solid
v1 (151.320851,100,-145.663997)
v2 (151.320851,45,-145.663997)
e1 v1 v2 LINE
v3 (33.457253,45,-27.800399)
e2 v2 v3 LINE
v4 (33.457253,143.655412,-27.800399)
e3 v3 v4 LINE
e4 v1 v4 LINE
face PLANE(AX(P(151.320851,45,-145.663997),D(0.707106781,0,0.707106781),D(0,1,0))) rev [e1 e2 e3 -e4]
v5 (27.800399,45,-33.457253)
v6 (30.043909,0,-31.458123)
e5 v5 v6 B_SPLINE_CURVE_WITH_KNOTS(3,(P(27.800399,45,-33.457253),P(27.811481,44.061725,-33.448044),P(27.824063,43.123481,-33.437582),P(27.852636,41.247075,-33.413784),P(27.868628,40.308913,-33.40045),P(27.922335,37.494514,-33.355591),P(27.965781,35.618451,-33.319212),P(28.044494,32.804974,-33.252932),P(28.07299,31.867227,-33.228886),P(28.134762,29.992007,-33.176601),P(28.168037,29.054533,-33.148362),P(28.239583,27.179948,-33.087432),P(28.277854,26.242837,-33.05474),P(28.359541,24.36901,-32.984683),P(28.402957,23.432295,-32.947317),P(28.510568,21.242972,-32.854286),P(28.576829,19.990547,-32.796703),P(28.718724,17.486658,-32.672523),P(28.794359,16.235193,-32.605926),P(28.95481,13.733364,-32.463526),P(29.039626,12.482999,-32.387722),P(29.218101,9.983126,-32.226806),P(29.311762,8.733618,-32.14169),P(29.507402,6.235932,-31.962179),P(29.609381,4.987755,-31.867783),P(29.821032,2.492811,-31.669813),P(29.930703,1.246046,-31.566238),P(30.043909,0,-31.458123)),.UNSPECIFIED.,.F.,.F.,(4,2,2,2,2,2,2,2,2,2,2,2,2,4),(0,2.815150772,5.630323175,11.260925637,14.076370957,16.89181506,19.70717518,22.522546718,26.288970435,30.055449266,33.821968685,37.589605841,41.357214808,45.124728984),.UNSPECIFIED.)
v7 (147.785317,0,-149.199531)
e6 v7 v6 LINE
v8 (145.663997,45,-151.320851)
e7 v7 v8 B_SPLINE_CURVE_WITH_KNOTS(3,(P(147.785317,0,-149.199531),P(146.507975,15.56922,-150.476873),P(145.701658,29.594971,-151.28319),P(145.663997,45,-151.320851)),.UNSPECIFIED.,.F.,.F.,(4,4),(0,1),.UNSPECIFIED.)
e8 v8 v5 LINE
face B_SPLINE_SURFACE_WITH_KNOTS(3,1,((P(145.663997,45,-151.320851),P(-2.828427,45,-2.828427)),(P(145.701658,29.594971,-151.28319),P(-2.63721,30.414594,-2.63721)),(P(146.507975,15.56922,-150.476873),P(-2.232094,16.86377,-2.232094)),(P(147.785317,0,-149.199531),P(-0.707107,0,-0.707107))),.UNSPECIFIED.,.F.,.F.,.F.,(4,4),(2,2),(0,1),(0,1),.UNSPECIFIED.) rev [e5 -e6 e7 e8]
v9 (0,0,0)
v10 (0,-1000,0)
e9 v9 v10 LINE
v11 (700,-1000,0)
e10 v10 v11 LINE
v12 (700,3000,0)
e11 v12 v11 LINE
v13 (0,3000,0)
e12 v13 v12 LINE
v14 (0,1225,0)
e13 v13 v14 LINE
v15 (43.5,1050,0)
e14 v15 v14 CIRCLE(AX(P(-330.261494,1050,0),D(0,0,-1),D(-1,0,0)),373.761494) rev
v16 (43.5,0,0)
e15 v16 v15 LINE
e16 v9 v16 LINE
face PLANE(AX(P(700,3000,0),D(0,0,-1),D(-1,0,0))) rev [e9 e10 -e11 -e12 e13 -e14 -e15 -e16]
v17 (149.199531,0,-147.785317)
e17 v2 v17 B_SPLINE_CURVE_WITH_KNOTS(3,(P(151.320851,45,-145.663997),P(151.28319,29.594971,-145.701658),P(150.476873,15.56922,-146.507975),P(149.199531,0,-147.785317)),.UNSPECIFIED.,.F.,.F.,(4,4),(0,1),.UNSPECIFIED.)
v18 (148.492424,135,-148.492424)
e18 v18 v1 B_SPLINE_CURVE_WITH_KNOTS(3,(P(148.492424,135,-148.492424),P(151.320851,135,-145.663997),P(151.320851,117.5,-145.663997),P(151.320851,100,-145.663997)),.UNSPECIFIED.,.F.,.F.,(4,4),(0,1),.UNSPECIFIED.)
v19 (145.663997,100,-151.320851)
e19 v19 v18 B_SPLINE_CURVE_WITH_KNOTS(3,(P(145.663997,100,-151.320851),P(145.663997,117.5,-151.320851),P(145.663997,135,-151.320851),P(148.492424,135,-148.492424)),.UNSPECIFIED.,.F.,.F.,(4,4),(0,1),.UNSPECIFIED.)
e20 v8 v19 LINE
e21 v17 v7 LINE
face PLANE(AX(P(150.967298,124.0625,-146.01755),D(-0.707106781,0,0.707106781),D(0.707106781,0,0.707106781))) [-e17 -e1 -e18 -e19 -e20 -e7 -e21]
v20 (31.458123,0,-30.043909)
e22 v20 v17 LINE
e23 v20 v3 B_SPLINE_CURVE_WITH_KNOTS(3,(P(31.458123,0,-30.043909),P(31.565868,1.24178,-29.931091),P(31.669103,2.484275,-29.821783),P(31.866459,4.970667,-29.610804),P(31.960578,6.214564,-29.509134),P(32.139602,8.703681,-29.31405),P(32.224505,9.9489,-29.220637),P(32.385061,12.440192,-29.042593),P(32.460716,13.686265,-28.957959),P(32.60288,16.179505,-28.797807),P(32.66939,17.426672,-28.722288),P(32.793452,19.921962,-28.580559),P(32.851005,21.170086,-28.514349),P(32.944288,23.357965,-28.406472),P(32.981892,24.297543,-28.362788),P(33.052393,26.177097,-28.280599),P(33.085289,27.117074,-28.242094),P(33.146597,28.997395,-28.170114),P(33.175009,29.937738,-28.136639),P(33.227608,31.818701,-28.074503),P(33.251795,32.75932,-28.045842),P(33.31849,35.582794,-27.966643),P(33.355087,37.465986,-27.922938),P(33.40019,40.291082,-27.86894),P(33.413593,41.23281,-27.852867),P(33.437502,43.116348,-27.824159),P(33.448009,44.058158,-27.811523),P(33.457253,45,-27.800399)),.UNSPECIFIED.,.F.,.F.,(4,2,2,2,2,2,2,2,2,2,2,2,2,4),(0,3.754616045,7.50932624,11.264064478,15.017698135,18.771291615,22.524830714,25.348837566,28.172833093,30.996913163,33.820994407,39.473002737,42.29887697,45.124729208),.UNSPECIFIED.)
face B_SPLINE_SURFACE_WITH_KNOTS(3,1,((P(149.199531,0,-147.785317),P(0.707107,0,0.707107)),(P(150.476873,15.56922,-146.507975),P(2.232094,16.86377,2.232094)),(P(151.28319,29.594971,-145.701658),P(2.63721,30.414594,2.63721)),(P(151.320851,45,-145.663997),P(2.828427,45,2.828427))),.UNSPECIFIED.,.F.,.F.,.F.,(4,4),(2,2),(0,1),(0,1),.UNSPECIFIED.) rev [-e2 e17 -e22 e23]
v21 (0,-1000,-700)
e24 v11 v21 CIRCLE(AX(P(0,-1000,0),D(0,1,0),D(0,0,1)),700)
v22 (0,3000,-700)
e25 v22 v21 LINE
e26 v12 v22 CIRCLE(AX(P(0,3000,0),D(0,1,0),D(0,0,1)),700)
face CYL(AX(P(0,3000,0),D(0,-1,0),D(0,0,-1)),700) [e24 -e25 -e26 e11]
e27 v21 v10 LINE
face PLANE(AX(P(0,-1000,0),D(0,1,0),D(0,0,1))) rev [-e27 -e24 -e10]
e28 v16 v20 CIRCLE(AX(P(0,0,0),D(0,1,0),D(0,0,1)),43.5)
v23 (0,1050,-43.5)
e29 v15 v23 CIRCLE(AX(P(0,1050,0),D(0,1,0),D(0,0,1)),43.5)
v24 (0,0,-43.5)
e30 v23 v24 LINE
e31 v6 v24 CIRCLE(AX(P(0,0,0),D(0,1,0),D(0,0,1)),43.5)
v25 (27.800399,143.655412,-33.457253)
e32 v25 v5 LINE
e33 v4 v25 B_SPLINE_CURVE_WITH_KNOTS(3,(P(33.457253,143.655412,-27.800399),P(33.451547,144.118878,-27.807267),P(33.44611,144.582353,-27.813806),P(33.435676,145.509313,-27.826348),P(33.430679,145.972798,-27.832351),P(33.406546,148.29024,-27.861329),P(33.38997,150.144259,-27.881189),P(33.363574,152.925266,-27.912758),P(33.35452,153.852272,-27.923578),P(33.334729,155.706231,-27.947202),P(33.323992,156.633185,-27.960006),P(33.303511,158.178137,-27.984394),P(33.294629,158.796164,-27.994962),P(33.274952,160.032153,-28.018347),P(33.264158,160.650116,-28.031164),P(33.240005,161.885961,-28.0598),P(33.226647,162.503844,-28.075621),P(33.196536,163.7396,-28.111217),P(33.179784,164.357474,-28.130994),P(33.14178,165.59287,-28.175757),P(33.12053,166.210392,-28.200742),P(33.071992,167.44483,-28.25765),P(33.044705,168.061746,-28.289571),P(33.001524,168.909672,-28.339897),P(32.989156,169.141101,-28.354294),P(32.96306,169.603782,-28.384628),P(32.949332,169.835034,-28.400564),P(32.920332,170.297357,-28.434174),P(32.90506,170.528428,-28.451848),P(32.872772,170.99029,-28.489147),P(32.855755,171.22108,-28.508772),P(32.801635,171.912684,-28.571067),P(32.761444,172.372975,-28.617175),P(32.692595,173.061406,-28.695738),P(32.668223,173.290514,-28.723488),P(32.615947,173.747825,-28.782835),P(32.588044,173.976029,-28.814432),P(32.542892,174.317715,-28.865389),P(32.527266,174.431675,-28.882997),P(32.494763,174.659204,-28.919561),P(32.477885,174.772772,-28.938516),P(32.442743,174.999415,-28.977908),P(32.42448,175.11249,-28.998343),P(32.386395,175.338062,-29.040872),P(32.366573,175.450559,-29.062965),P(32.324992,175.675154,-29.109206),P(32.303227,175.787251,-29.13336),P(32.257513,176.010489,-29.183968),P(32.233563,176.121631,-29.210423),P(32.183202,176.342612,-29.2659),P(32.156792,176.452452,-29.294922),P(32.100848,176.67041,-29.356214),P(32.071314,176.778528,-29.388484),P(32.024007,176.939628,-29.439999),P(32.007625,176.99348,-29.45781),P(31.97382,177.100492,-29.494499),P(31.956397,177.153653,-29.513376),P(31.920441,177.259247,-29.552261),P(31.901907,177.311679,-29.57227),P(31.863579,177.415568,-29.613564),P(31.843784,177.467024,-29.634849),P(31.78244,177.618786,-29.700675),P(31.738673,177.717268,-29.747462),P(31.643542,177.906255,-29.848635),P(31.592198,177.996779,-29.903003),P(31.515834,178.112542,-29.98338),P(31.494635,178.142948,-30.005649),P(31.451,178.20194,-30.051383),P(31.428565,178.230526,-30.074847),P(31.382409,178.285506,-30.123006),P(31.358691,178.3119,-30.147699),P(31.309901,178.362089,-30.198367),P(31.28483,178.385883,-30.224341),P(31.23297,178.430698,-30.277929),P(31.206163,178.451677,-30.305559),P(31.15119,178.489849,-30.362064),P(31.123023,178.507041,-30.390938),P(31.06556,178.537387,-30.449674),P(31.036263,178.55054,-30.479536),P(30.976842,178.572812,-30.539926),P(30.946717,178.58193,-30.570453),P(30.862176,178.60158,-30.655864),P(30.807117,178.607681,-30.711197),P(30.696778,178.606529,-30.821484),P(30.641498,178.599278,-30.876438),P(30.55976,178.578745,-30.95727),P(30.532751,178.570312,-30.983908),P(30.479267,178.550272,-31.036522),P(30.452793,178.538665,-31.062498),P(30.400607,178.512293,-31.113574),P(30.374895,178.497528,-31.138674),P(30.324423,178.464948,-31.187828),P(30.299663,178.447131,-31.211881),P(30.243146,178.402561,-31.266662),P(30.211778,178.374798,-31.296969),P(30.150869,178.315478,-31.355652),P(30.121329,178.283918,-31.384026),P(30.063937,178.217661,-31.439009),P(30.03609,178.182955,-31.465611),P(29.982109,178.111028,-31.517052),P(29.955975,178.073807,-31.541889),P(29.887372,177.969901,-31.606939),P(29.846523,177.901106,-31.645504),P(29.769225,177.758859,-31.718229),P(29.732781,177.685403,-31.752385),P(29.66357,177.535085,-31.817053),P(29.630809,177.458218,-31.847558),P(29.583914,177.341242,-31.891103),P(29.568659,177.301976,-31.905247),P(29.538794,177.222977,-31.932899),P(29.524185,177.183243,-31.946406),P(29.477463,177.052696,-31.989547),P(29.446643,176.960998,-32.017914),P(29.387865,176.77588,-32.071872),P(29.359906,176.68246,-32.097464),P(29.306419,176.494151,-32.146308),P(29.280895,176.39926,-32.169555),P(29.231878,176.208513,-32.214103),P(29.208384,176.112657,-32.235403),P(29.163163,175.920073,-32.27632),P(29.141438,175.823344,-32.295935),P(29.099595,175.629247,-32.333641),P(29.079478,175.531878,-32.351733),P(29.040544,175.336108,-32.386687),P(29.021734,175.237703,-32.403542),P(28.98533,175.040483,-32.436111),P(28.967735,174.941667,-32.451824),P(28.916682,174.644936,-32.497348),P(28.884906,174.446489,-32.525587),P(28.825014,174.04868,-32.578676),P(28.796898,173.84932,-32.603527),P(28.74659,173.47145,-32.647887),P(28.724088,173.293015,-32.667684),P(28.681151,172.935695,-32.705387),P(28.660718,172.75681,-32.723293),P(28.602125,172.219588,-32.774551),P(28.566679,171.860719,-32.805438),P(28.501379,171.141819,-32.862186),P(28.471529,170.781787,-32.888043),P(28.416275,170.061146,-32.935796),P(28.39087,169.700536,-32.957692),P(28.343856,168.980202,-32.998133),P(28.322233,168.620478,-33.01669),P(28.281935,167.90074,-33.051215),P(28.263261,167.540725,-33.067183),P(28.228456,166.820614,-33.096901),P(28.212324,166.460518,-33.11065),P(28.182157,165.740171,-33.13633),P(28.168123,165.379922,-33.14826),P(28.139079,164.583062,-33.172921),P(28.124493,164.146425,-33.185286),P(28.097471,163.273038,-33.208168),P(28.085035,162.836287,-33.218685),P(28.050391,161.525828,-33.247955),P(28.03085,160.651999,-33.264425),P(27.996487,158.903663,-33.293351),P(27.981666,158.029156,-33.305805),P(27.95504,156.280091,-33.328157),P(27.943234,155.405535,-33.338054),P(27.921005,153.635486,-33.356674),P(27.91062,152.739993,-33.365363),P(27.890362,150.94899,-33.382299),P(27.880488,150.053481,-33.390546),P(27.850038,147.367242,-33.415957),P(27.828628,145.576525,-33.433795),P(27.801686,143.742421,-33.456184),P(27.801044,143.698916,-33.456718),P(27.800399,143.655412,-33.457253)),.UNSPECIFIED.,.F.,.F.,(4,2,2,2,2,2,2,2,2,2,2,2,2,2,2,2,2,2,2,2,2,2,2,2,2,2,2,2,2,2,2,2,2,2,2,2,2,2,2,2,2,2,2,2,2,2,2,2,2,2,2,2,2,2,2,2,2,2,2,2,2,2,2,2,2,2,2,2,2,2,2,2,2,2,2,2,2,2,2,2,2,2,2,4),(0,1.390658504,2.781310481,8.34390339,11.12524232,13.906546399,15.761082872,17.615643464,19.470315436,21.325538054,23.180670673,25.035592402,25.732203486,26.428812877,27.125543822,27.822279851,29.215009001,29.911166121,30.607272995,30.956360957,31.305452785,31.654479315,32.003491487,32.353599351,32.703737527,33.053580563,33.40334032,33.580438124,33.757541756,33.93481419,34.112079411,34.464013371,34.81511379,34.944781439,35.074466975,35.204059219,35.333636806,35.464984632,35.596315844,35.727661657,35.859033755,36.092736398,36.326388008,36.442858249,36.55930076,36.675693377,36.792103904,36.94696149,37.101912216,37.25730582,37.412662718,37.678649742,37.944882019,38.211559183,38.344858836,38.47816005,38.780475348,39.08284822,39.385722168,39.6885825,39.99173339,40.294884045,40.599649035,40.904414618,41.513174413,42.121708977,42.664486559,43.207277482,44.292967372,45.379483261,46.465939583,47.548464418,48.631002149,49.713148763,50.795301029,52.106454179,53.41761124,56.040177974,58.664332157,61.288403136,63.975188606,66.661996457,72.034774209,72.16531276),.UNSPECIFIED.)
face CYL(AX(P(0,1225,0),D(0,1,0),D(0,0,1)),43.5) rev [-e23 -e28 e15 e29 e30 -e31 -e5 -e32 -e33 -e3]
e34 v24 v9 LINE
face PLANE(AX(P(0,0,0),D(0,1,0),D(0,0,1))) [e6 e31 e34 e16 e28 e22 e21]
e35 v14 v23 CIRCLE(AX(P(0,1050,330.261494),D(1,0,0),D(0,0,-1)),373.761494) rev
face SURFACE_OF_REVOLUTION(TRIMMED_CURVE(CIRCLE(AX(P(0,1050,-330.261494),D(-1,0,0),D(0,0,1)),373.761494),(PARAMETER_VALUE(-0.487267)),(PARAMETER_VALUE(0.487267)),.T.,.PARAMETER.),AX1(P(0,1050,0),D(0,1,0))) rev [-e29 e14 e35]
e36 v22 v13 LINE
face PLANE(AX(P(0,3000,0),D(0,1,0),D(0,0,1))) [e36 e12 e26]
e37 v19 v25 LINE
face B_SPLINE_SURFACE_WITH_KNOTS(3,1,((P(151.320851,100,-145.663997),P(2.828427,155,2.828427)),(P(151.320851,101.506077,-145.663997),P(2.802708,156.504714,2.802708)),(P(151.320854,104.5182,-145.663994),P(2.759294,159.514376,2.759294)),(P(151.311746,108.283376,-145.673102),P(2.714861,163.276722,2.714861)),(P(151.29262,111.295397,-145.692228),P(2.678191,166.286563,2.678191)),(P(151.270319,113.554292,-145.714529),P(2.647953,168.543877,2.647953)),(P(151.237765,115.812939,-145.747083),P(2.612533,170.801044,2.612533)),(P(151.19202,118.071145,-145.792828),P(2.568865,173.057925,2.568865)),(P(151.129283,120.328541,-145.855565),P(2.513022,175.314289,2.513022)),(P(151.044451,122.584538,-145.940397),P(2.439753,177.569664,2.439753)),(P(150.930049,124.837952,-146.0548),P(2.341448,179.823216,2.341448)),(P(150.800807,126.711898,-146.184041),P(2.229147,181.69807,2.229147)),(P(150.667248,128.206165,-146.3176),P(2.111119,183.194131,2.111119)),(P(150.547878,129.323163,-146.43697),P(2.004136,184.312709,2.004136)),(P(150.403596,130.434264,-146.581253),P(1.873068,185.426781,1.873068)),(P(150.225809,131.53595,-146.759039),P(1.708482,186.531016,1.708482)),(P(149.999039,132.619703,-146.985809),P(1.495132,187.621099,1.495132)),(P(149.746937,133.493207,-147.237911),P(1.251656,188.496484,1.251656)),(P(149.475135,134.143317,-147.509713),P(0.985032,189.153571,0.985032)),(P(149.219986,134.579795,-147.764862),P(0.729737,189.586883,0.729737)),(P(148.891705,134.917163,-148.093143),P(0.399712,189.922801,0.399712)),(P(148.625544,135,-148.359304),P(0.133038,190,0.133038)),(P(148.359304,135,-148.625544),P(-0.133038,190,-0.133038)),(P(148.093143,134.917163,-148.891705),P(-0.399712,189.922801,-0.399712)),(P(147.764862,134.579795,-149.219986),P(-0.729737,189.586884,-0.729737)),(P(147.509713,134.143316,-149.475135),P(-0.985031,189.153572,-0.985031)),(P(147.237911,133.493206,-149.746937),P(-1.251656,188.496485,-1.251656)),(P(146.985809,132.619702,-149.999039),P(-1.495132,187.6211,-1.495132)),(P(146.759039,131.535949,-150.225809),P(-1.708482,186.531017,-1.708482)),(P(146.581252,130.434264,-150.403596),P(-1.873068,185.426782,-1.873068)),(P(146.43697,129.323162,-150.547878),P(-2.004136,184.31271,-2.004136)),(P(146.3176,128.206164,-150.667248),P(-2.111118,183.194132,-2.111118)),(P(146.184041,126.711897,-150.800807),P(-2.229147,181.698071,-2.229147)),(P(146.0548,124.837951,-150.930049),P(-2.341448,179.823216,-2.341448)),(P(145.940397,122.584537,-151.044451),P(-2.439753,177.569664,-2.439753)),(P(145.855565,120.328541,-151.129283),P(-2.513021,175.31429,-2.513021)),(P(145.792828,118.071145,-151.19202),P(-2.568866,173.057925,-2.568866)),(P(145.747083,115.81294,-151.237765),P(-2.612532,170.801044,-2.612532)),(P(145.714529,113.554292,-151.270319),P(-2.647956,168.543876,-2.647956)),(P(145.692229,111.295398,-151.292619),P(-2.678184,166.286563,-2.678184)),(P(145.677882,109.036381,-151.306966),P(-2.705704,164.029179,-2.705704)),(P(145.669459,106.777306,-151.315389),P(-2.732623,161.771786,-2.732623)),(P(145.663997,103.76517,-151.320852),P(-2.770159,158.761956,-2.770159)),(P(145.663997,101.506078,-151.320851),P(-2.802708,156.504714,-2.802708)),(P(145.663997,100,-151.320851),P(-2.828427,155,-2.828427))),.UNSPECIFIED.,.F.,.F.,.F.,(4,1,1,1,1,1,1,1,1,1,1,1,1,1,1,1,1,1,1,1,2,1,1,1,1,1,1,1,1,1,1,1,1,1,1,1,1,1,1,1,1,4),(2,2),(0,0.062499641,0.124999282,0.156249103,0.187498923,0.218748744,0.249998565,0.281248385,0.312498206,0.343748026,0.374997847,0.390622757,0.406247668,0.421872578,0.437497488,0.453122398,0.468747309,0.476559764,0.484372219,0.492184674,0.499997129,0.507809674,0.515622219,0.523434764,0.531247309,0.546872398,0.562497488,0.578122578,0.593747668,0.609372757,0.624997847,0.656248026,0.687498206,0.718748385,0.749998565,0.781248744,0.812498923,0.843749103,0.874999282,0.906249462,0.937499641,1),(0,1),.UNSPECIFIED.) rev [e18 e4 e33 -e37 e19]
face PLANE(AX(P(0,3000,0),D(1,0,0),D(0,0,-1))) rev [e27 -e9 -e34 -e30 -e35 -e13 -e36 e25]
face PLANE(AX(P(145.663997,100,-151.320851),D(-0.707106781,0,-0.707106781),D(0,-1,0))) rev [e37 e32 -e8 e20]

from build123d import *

# Parameters (mm, degrees)
INLET_SECTION_DEPTH  = 3000
OUTLET_START         = -1000
OUTLET_SECTION_DEPTH = 1000


with BuildPart() as part:
    # Sketch1 → Inlet Section (new body)
    with BuildSketch(Plane(origin=(0, 0, 0), x_dir=(1, 0, 0), z_dir=(0, 1, 0))):
        with BuildLine():
            Line((700, 0), (0, 0))
            Line((0, 0), (0, 700))
            ThreePointArc((0, 700), (494.974746831, 494.974746831), (700, 0))
        make_face()
    extrude(amount=INLET_SECTION_DEPTH)

    # Sketch1<2> → Outlet Section (add)
    with BuildSketch(Plane(origin=(0, 0, 0), x_dir=(1, 0, 0), z_dir=(0, 1, 0)).offset(OUTLET_START)):
        with BuildLine():
            Line((700, 0), (0, 0))
            Line((0, 0), (0, 700))
            ThreePointArc((0, 700), (494.974746831, 494.974746831), (700, 0))
        make_face()
    extrude(amount=OUTLET_SECTION_DEPTH)

    # Sketch2 → Rocket Body (revolve, cut)
    with BuildSketch(Plane.XY):
        with BuildLine():
            Line((0, 0), (43.5, 0))
            Line((43.5, 0), (43.5, 1050))
            ThreePointArc((43.5, 1050), (32.462012135, 1140.162700159), (0, 1225))
            Line((0, 1225), (0, 0))
        make_face()
    revolve(axis=Axis((0, 1225, 0), (0, -1, 0)), mode=Mode.SUBTRACT)

    # Sketch5 → Fin section 0
    with BuildSketch(Plane(origin=(148.492424049, 0, -148.492424049), x_dir=(-0.7071067811865414, 0, -0.7071067811865537), z_dir=(0.7071067811865537, 0, -0.7071067811865414))):
        with BuildLine():
            Line((1, 0), (-1, 0))
            add(Edge.make_bspline(
                [(-1, 0), (-2.806434263, 15.569219932), (-3.946739239, 29.594971133), (-4, 45)],
                knots=[0, 0, 0, 0, 1, 1, 1, 1], degree=3))
            Line((-4, 45), (-4, 100))
            add(Edge.make_bspline(
                [(0, 135), (-4, 135), (-4, 117.5), (-4, 100)],
                knots=[0, 0, 0, 0, 1, 1, 1, 1], degree=3))
            add(Edge.make_bspline(
                [(0, 135), (4, 135), (4, 117.5), (4, 100)],
                knots=[0, 0, 0, 0, 1, 1, 1, 1], degree=3))
            Line((4, 100), (4, 45))
            add(Edge.make_bspline(
                [(1, 0), (2.806434263, 15.569219932), (3.946739239, 29.594971133), (4, 45)],
                knots=[0, 0, 0, 0, 1, 1, 1, 1], degree=3))
        make_face()
    # Sketch4 → Fin section 1
    with BuildSketch(Plane(origin=(0, 0, 0), x_dir=(-0.7071067811865414, 0, -0.7071067811865537), z_dir=(0.7071067811865537, 0, -0.7071067811865414))):
        with BuildLine():
            Line((4, 45), (4, 155))
            add(Edge.make_bspline(
                [(0, 190), (4, 190), (3.555879761, 173.373397407), (4, 155)],
                knots=[0, 0, 0, 0, 1, 1, 1, 1], degree=3))
            add(Edge.make_bspline(
                [(0, 190), (-4, 190), (-3.555879761, 173.373397407), (-4, 155)],
                knots=[0, 0, 0, 0, 1, 1, 1, 1], degree=3))
            Line((-4, 155), (-4, 45))
            add(Edge.make_bspline(
                [(-1, 0), (-3.156657645, 16.863770489), (-3.729577703, 30.414594212), (-4, 45)],
                knots=[0, 0, 0, 0, 1, 1, 1, 1], degree=3))
            Line((-1, 0), (1, 0))
            add(Edge.make_bspline(
                [(1, 0), (3.156657645, 16.863770489), (3.729577703, 30.414594212), (4, 45)],
                knots=[0, 0, 0, 0, 1, 1, 1, 1], degree=3))
        make_face()
    loft(mode=Mode.SUBTRACT)


solid = part.part
